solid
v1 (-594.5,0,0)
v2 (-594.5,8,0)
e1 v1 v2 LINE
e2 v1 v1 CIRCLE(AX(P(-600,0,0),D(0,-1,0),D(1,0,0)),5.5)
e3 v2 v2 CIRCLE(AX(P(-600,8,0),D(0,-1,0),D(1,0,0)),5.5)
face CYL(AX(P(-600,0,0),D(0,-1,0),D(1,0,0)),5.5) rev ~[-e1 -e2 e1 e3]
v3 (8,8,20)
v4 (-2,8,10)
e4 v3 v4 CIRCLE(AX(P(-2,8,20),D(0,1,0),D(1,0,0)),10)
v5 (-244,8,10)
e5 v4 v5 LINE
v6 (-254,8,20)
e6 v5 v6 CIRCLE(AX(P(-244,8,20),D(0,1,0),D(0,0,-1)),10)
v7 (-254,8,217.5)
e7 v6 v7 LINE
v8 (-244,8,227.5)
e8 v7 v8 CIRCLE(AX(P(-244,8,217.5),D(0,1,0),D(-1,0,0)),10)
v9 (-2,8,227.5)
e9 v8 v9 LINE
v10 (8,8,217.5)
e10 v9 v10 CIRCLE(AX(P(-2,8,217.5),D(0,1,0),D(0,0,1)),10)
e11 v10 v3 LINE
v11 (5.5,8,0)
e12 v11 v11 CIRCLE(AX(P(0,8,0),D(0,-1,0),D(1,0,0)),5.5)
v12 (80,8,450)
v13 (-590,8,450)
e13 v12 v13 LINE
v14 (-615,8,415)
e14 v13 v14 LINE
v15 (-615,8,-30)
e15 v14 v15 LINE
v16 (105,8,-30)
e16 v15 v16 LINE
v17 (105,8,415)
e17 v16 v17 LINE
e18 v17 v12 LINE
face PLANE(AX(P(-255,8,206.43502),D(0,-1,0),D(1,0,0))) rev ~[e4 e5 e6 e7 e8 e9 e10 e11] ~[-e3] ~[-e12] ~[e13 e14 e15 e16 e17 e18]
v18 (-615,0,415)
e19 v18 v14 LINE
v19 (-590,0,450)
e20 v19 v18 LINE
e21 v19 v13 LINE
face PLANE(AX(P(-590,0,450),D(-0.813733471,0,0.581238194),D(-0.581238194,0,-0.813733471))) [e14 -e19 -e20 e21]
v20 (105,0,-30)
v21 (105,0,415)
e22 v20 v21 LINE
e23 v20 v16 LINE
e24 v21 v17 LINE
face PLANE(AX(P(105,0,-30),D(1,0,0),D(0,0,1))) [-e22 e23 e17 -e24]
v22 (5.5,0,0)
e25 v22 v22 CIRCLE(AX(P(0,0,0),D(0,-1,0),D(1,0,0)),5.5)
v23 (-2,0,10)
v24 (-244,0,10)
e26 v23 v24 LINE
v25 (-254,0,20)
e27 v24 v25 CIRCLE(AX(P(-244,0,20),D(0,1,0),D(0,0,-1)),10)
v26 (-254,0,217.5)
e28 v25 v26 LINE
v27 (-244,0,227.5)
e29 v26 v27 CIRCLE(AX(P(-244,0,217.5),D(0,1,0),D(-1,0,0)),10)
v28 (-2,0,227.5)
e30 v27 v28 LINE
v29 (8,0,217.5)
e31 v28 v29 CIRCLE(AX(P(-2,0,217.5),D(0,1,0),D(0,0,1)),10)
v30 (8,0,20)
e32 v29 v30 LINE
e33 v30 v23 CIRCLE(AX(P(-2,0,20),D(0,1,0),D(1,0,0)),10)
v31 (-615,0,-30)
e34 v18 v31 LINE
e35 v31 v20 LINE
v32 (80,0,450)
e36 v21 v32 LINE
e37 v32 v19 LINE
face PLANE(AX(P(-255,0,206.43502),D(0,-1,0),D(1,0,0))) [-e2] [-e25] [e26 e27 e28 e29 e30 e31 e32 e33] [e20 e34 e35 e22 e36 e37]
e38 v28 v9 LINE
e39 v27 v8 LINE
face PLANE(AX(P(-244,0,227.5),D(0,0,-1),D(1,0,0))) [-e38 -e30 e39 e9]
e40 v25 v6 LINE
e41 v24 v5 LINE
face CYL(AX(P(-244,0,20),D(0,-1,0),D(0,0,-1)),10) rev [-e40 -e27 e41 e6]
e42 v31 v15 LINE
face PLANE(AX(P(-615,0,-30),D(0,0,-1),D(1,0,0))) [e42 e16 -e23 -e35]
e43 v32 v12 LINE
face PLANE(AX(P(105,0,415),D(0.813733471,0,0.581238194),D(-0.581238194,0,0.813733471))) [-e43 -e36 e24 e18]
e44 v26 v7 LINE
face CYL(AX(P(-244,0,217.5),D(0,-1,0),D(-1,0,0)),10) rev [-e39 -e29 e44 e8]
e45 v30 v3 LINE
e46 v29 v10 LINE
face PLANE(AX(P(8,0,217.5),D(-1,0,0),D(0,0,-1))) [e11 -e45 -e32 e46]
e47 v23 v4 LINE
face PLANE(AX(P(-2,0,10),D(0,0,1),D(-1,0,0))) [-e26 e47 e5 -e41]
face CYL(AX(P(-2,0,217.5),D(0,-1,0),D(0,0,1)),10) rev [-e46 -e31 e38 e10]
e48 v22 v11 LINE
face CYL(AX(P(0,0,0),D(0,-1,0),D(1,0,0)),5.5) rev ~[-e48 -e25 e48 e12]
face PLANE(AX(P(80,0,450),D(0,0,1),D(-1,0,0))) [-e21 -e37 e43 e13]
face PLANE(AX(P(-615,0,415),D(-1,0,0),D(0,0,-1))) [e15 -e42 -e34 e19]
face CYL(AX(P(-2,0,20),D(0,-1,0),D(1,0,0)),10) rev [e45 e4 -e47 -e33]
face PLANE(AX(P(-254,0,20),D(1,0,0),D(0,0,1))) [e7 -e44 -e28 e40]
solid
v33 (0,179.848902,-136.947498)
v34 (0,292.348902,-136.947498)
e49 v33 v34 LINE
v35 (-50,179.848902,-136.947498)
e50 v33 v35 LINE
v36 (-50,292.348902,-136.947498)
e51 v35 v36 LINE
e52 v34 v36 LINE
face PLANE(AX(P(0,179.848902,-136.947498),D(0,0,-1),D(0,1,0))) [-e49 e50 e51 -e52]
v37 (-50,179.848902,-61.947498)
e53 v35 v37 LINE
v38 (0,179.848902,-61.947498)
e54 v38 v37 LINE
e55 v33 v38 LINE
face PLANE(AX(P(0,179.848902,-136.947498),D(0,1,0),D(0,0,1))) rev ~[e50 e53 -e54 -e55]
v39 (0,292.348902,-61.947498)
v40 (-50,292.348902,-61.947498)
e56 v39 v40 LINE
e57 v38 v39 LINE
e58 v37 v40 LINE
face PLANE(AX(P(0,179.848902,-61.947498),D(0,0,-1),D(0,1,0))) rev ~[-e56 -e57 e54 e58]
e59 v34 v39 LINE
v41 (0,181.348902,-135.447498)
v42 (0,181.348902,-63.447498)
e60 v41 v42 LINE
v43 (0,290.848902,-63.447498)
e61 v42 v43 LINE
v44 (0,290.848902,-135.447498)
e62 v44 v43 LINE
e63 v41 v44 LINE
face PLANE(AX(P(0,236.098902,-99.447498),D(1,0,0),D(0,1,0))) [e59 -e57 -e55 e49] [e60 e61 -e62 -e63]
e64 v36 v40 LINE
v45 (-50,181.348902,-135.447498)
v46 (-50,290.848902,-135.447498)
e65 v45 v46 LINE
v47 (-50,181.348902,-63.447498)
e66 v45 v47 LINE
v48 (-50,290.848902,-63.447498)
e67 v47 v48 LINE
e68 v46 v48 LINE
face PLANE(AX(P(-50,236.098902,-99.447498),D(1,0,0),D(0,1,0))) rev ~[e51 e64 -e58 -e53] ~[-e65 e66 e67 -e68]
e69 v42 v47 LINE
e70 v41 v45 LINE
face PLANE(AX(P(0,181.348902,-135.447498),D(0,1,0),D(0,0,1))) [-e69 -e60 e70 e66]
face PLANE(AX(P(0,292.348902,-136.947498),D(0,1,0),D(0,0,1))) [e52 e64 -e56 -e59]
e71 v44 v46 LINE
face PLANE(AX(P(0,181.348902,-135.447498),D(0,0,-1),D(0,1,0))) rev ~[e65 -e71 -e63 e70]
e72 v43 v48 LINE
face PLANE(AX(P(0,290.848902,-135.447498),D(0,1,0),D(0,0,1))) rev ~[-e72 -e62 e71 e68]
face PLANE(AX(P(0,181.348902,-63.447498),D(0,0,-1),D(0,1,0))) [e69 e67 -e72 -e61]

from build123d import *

# Parameters (mm, degrees)
F1_R     = 5.5
F2_DEPTH = 8
F3_W     = 112.5
F3_H     = 75
F3_W_2   = 109.5
F3_H_2   = 72
F4_DEPTH = 50


with BuildPart() as f2:
    # F1 (on Front) → F2 (new body)
    with BuildSketch(Plane.XZ):
        Polygon((80, 450), (-590, 450), (-615, 415), (-615, -30), (105, -30), (105, 415), align=None)
        with Locations((-600, 0)):
            Circle(F1_R, mode=Mode.SUBTRACT)
        Circle(F1_R, mode=Mode.SUBTRACT)
        with BuildLine():
            ThreePointArc((-254, 217.5), (-251.0710678119, 224.5710678119), (-244, 227.5))
            Line((-244, 227.5), (-2, 227.5))
            ThreePointArc((-2, 227.5), (5.0710678119, 224.5710678119), (8, 217.5))
            Line((8, 217.5), (8, 20))
            ThreePointArc((8, 20), (5.0710678119, 12.9289321881), (-2, 10))
            Line((-2, 10), (-244, 10))
            ThreePointArc((-244, 10), (-251.0710678119, 12.9289321881), (-254, 20))
            Line((-254, 20), (-254, 217.5))
        make_face(mode=Mode.SUBTRACT)
    extrude(amount=-F2_DEPTH)


with BuildPart() as f4:
    # F3 (on Right) → F4 (new body)
    with BuildSketch(Plane.YZ):
        with Locations((236.0989015299, -99.447497502)):
            Rectangle(F3_W, F3_H)
        with Locations((236.0989015299, -99.447497502)):
            Rectangle(F3_W_2, F3_H_2, mode=Mode.SUBTRACT)
    extrude(amount=-F4_DEPTH)


solid = Compound([f2.part, f4.part])
